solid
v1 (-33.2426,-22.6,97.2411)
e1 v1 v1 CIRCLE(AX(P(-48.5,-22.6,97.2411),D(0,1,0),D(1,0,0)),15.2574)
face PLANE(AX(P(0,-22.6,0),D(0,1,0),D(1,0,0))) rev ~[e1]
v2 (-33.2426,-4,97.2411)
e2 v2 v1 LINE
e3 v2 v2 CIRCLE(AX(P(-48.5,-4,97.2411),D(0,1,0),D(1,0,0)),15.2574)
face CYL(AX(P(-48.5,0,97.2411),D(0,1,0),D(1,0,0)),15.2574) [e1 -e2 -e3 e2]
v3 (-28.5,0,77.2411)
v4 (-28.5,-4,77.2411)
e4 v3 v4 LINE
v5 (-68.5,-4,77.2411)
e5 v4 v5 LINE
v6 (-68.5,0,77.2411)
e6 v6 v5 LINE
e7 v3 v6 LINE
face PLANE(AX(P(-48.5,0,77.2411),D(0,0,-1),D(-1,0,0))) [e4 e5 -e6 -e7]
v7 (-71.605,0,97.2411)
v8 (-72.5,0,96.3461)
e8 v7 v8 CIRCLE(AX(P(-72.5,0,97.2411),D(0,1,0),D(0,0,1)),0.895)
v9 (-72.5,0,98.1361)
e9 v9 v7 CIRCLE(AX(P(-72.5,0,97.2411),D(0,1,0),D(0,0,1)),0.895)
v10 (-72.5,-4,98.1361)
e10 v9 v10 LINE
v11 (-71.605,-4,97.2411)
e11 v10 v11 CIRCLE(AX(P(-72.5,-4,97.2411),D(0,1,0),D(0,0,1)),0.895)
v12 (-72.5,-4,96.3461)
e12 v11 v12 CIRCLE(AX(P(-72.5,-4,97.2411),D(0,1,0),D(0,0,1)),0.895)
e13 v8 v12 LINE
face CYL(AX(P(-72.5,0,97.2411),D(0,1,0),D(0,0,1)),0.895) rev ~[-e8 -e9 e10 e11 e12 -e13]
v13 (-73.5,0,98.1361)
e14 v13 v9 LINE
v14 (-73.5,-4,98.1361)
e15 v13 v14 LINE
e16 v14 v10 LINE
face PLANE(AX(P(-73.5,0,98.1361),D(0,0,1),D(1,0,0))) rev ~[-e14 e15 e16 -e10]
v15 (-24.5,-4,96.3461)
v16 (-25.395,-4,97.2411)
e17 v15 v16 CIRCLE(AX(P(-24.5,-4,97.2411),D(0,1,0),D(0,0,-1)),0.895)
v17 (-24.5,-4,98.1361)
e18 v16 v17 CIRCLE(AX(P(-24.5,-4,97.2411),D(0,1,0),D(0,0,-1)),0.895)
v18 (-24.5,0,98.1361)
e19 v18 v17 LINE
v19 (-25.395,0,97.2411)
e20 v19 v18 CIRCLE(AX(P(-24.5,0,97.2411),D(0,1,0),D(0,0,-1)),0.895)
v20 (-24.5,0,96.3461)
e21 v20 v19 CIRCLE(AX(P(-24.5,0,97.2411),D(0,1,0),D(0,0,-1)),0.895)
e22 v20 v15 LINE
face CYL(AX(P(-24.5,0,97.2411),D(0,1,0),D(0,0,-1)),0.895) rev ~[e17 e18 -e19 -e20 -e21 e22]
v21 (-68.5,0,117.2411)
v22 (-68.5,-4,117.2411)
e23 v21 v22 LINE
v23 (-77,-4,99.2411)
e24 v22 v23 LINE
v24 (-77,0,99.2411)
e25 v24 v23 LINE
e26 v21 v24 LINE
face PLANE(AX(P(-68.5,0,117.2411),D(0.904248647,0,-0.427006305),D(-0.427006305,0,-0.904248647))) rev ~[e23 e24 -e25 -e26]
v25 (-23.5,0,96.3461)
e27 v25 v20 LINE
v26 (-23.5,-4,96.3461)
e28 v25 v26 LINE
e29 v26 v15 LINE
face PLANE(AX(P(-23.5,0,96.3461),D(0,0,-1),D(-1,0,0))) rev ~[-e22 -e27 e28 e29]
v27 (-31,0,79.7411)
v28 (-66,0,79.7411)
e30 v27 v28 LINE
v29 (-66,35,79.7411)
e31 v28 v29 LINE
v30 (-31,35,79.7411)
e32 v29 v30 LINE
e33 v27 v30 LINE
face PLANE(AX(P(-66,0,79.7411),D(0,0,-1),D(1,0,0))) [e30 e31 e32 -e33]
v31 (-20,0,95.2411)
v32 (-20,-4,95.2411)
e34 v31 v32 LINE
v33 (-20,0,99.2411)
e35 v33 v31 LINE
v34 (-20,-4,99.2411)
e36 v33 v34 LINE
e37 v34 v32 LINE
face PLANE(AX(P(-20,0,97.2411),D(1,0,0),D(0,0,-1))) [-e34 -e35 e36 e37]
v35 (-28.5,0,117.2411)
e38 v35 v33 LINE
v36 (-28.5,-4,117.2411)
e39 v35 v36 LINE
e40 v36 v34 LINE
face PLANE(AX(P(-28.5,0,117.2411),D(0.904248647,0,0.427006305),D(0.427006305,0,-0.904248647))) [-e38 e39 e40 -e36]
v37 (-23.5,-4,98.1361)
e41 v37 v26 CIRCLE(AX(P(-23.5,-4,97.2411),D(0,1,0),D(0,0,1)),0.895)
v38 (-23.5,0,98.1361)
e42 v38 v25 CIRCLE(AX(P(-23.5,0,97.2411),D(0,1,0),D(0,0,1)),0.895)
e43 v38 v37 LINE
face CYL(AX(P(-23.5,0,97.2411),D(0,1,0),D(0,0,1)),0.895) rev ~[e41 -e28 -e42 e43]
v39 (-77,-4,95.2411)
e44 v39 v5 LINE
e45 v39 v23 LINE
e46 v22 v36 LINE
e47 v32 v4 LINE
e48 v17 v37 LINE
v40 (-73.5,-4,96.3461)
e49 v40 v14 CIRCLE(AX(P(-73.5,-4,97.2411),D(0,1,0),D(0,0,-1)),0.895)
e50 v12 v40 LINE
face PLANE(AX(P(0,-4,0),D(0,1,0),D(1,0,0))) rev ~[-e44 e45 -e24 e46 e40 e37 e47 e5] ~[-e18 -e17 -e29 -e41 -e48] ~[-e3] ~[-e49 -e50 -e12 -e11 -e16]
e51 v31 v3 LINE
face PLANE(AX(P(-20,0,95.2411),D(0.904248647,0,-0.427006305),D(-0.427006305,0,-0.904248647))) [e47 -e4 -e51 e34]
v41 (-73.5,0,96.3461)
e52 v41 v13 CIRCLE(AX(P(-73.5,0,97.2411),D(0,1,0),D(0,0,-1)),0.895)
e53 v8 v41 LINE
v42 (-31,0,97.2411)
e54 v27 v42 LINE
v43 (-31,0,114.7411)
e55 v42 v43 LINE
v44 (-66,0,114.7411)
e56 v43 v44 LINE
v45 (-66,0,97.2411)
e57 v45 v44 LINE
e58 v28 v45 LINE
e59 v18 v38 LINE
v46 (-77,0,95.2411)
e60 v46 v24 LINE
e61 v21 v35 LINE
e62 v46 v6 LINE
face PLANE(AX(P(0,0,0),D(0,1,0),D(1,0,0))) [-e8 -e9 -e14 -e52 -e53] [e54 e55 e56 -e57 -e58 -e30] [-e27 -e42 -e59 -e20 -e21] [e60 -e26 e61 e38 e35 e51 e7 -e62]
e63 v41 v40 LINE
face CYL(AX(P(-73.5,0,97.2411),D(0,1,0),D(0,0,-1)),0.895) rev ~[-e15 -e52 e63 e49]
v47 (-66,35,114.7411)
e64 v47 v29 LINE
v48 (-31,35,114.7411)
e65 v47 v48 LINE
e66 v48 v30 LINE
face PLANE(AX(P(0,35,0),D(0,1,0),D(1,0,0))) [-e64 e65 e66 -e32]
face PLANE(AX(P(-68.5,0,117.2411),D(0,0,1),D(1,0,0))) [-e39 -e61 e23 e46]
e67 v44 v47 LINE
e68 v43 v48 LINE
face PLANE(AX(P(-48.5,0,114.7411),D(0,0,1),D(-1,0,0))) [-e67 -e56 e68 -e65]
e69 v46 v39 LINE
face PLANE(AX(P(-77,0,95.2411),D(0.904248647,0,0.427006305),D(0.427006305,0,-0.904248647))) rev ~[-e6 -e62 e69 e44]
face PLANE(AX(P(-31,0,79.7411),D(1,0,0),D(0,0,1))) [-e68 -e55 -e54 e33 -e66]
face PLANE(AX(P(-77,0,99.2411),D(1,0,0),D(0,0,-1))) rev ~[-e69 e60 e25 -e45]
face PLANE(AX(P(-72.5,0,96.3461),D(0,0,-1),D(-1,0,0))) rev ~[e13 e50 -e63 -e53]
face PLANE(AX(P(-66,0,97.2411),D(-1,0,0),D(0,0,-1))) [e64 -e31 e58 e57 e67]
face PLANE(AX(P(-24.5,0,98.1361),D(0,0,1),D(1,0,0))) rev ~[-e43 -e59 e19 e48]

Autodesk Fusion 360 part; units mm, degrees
sketch "Sketch1" plane through (0, 0, 0) normal (0, 1, 0) x (1, 0, 0)
  line L0 (-73.5, -97.2411) -> (-23.5, -97.2411)
  line L1 (-72.5, -97.2411) -> (-24.5, -97.2411) construction
  line L2 (-77, -97.2411) -> (-20, -97.2411) construction
  line L3 (-48.5, -117.2411) -> (-48.5, -77.2411)
  line L4 (-23.5, -96.3461) -> (-24.5, -96.3461)
  arc A0 (-24.5, -96.3461) -> (-24.5, -98.1361) centre (-24.5, -97.2411) ccw
  line L5 (-24.5, -98.1361) -> (-23.5, -98.1361)
  arc A1 (-23.5, -98.1361) -> (-23.5, -96.3461) centre (-23.5, -97.2411) ccw
  line L6 (-23.5, -97.2411) -> (-24.5, -97.2411) construction
  line L7 (-72.5, -96.3461) -> (-73.5, -96.3461)
  arc A2 (-73.5, -96.3461) -> (-73.5, -98.1361) centre (-73.5, -97.2411) ccw
  line L8 (-73.5, -98.1361) -> (-72.5, -98.1361)
  arc A3 (-72.5, -98.1361) -> (-72.5, -96.3461) centre (-72.5, -97.2411) ccw
  line L9 (-72.5, -97.2411) -> (-73.5, -97.2411) construction
  circle A4 centre (-48.5, -97.2411) radius 15.2574
  line L10 (-31, -114.7411) -> (-66, -114.7411)
  line L11 (-66, -114.7411) -> (-66, -79.7411)
  line L12 (-66, -79.7411) -> (-31, -79.7411)
  line L13 (-31, -79.7411) -> (-31, -114.7411)
  line L14 (-48.5, -114.7411) -> (-48.5, -79.7411) construction
  line L15 (-31, -97.2411) -> (-66, -97.2411) construction
  line L16 (-68.5, -117.2411) -> (-28.5, -117.2411)
  line L17 (-28.5, -117.2411) -> (-28.5, -77.2411) construction
  line L18 (-28.5, -77.2411) -> (-68.5, -77.2411)
  line L19 (-68.5, -77.2411) -> (-68.5, -117.2411) construction
  line L20 (-68.5, -97.2411) -> (-28.5, -97.2411) construction
  line L21 (-68.5, -117.2411) -> (-77, -99.2411)
  line L22 (-77, -99.2411) -> (-77, -97.2411)
  line L23 (-77, -97.2411) -> (-77, -95.2411)
  line L24 (-77, -95.2411) -> (-68.5, -77.2411)
  line L25 (-28.5, -117.2411) -> (-20, -99.2411)
  line L26 (-20, -99.2411) -> (-20, -97.2411)
  line L27 (-20, -97.2411) -> (-20, -95.2411)
  line L28 (-20, -95.2411) -> (-28.5, -77.2411)
  dimension "d1" = 50
  dimension "d2" = 48
  dimension "d3" = 57
  dimension "d4" = 40
  dimension "d5" = 1.79
  dimension "d6" = 1.79
  dimension "d7" = 35
  dimension "d8" = 35
  dimension "d9" = 40
  dimension "d10" = 40
  dimension "d11" = 4
extrude "Extrude1" add sketch "Sketch1" along normal blind 35 contours L0 L3 A4 L11 L12 | L0 L3 A4 L10 L11 | L0 L3 A4 | L0 L3 A4 | L0 L3 A4 | L0 L3 A4 | L0 L3 A4 L12 L13 | L0 L3 A4 L10 L13
extrude "Extrude2" add sketch "Sketch1" against normal blind 4
extrude "Extrude3" add sketch "Sketch1" against normal blind 22.6 contours L0 L3 A4 | L0 L3 A4 | L0 L3 A4 | L0 L3 A4
equation "d16 = -26.6 mm + 4 mm"
